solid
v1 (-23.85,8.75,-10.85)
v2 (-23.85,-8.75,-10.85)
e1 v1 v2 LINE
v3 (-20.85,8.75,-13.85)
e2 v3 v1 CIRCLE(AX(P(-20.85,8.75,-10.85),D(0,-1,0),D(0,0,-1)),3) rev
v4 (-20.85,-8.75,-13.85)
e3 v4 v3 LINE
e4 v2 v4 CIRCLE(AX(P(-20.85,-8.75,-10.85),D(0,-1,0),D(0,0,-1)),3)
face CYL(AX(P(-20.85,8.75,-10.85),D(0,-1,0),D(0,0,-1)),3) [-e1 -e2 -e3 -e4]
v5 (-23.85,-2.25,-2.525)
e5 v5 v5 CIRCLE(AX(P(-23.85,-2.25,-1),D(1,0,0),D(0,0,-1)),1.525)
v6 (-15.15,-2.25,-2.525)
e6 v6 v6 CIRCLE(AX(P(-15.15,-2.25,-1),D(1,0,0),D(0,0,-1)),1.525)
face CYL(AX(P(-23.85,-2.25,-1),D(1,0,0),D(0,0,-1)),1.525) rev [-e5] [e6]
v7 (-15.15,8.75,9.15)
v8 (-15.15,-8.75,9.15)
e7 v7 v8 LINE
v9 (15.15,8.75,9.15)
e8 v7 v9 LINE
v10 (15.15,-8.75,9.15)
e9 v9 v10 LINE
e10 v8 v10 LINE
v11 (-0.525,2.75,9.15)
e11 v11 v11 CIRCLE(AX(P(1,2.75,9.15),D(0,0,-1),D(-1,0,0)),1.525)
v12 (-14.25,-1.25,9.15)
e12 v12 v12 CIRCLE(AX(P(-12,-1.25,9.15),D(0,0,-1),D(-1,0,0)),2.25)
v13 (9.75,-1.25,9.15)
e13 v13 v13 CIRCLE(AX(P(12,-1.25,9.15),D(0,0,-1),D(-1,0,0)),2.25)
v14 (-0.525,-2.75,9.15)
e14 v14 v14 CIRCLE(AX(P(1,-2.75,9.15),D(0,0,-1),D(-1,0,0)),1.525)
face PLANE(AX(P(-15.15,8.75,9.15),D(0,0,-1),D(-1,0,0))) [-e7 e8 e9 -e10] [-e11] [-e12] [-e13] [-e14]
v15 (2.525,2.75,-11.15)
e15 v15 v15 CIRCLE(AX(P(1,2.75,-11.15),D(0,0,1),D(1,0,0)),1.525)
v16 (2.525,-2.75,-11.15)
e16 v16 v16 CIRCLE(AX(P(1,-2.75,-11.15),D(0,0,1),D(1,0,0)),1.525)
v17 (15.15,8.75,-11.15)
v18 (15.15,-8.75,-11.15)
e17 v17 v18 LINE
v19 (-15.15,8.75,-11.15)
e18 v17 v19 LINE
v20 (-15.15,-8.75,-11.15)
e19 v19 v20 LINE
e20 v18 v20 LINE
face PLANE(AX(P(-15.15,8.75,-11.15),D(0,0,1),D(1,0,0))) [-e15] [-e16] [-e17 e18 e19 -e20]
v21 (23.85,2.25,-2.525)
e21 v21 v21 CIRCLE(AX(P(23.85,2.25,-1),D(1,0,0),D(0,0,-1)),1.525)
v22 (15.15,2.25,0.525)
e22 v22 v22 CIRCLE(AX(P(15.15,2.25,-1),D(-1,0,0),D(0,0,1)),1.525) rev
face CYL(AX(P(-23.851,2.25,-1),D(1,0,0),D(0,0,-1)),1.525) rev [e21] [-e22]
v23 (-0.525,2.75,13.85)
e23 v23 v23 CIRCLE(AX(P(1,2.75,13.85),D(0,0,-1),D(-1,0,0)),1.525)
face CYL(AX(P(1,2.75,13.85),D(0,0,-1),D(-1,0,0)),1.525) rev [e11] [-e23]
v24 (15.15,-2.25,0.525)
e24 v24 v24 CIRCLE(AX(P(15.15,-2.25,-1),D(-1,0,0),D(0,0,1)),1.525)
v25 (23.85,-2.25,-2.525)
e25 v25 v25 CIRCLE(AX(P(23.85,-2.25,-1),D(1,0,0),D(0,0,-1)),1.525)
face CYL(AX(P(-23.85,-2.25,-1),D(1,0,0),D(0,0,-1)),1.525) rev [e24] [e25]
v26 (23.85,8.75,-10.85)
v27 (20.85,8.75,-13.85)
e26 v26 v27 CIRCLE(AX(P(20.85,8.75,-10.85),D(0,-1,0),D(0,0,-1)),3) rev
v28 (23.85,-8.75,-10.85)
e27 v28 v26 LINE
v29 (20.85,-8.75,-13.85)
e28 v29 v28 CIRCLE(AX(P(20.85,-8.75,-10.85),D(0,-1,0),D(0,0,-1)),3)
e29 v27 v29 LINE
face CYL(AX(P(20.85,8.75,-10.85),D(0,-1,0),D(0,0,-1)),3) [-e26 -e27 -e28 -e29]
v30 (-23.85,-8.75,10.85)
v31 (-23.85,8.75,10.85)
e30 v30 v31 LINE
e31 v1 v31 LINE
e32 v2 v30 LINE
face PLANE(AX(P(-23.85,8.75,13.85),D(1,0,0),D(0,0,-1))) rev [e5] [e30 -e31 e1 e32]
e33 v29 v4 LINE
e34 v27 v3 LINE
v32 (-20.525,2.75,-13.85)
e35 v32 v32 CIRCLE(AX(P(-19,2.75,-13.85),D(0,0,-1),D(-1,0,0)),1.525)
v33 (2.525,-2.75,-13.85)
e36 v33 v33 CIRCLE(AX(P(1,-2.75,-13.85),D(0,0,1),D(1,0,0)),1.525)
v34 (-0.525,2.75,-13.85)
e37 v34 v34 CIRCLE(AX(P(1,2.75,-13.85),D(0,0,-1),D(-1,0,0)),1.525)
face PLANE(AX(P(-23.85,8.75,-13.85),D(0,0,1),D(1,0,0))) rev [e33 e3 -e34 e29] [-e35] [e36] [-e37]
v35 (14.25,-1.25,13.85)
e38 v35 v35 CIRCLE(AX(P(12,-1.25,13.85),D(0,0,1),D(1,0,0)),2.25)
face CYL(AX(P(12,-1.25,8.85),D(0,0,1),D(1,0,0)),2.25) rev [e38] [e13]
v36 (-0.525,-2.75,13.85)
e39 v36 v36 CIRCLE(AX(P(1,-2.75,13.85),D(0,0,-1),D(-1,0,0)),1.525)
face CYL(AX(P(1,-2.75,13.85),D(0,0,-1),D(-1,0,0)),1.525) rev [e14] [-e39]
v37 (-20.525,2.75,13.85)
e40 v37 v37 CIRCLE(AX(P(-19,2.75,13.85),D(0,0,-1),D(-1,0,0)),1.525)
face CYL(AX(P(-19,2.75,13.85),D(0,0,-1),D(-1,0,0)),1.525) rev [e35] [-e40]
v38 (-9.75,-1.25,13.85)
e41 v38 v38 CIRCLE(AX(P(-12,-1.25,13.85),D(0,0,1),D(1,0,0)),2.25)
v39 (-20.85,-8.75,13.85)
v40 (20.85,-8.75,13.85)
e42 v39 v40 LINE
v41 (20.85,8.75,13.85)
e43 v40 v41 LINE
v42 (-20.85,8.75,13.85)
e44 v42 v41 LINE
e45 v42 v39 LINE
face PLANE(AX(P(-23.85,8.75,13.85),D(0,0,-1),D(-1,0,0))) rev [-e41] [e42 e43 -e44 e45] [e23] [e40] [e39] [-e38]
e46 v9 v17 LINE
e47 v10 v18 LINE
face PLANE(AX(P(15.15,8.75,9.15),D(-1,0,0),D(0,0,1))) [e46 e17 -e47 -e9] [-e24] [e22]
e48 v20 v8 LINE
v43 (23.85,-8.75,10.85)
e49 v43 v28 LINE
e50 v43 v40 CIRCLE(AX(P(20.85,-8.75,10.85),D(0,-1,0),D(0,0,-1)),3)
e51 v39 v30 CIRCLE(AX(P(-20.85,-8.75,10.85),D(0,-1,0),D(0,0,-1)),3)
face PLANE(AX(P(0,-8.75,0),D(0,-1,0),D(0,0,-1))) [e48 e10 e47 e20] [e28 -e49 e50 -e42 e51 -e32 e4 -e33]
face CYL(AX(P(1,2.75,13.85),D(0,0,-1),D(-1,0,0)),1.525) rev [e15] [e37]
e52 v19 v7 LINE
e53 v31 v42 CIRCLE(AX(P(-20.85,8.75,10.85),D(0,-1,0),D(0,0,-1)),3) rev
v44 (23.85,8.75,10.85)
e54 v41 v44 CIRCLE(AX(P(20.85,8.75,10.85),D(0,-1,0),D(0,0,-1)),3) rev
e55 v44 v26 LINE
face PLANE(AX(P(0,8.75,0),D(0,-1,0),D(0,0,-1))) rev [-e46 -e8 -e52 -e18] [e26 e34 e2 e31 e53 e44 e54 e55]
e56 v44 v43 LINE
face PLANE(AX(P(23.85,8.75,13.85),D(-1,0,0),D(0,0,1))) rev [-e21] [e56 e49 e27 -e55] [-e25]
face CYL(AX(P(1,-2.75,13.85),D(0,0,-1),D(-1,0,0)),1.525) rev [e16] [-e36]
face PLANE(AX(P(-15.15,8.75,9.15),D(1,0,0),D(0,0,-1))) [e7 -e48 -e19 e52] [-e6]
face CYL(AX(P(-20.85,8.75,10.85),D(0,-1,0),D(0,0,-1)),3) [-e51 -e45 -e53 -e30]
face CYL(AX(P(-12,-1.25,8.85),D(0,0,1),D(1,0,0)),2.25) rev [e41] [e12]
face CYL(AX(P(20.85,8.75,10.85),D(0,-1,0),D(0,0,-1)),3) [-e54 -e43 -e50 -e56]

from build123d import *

# Parameters (mm, degrees)
SKETCH_1_W               = 47.7
SKETCH_1_H               = 27.7
SKETCH_1_W_2             = 30.3
SKETCH_1_H_2             = 20.3
EXTRUDE_1_DEPTH          = 8.75
SKETCH_2_R               = 1.525
CUT_EXTRUDE_1_DEPTH      = 28.7
SKETCH_3_R               = 1.525
CUT_EXTRUDE_2_DEPTH      = 48.7
SKETCH_4_R               = 1.525
CUT_EXTRUDE_3_DEPTH      = 28.7
SKETCH_5_R               = 2.25
CUT_EXTRUDE_4_DEPTH      = 5
SKETCH_7_R               = 1.525
CUT_EXTRUDE_6_DEPTH      = 1
CUT_EXTRUDE_6_DEPTH_BACK = 28.7
CUT_EXTRUDE_7_REACH      = 49.7
SKETCH_8_R               = 1.525
FILLET_2_R               = 3


with BuildPart() as part:
    # 草图1 → 凸台-拉伸1 (new body, symmetric)
    with BuildSketch(Plane(origin=(0, 0, 0), x_dir=(1, 0, 0), z_dir=(0, 1, 0))):
        Rectangle(SKETCH_1_W, SKETCH_1_H)
        with Locations((0, 1)):
            Rectangle(SKETCH_1_W_2, SKETCH_1_H_2, mode=Mode.SUBTRACT)
    extrude(amount=EXTRUDE_1_DEPTH, both=True)

    # 草图2 → 切除-拉伸1 (cut, through all)
    with BuildSketch(Plane(origin=(0, 0, -13.85), x_dir=(-1, 0, 0), z_dir=(0, 0, -1))):
        with Locations((-1, 2.75)):
            Circle(SKETCH_2_R)
    extrude(amount=-CUT_EXTRUDE_1_DEPTH, mode=Mode.SUBTRACT)

    # 草图3 → 切除-拉伸2 (cut, through all)
    with BuildSketch(Plane(origin=(23.85, 0, 0), x_dir=(0, 0, -1), z_dir=(1, 0, 0))):
        with Locations((1, -2.25)):
            Circle(SKETCH_3_R)
    extrude(amount=-CUT_EXTRUDE_2_DEPTH, mode=Mode.SUBTRACT)

    # 草图4 → 切除-拉伸3 (cut, through all)
    with BuildSketch(Plane(origin=(0, 0, -13.85), x_dir=(-1, 0, 0), z_dir=(0, 0, -1))):
        with Locations((19, 2.75)):
            Circle(SKETCH_4_R)
    extrude(amount=-CUT_EXTRUDE_3_DEPTH, mode=Mode.SUBTRACT)

    # 草图5 → 切除-拉伸4 (cut)
    with BuildSketch(Plane.XY.offset(13.85)):
        with Locations((-12, -1.25)):
            Circle(SKETCH_5_R)
        with Locations((12, -1.25)):
            Circle(SKETCH_5_R)
    extrude(amount=-CUT_EXTRUDE_4_DEPTH, mode=Mode.SUBTRACT)

    # 草图7 → 切除-拉伸6 (cut, two sides)
    with BuildSketch(Plane(origin=(0, 0, -13.85), x_dir=(-1, 0, 0), z_dir=(0, 0, -1))) as cut_extrude_6_sk:
        with Locations((-1, -2.75)):
            Circle(SKETCH_7_R)
    extrude(amount=CUT_EXTRUDE_6_DEPTH, mode=Mode.SUBTRACT)
    extrude(cut_extrude_6_sk.sketch, amount=-CUT_EXTRUDE_6_DEPTH_BACK, mode=Mode.SUBTRACT)

    # 草图8 → 切除-拉伸7 (cut, up to next)
    with BuildSketch(Plane(origin=(23.85, 0, 0), x_dir=(0, 0, -1), z_dir=(1, 0, 0)), mode=Mode.PRIVATE) as cut_extrude_7_sk1:
        with Locations((1, 2.25)):
            Circle(SKETCH_8_R)
    cut_extrude_7_tool1 = extrude(cut_extrude_7_sk1.sketch, amount=-CUT_EXTRUDE_7_REACH, mode=Mode.PRIVATE) & part.part
    add(cut_extrude_7_tool1.solids().sort_by_distance((23.85, 2.25, -1))[0], mode=Mode.SUBTRACT)

    # 圆角2
    fillet_2_edges = [part.edges().sort_by_distance(p)[0] for p in [
        (23.85, 0, 13.85),
        (-23.85, 0, 13.85),
        (-23.85, 0, -13.85),
        (23.85, 0, -13.85),
    ]]
    fillet(fillet_2_edges, radius=FILLET_2_R)


solid = part.part
